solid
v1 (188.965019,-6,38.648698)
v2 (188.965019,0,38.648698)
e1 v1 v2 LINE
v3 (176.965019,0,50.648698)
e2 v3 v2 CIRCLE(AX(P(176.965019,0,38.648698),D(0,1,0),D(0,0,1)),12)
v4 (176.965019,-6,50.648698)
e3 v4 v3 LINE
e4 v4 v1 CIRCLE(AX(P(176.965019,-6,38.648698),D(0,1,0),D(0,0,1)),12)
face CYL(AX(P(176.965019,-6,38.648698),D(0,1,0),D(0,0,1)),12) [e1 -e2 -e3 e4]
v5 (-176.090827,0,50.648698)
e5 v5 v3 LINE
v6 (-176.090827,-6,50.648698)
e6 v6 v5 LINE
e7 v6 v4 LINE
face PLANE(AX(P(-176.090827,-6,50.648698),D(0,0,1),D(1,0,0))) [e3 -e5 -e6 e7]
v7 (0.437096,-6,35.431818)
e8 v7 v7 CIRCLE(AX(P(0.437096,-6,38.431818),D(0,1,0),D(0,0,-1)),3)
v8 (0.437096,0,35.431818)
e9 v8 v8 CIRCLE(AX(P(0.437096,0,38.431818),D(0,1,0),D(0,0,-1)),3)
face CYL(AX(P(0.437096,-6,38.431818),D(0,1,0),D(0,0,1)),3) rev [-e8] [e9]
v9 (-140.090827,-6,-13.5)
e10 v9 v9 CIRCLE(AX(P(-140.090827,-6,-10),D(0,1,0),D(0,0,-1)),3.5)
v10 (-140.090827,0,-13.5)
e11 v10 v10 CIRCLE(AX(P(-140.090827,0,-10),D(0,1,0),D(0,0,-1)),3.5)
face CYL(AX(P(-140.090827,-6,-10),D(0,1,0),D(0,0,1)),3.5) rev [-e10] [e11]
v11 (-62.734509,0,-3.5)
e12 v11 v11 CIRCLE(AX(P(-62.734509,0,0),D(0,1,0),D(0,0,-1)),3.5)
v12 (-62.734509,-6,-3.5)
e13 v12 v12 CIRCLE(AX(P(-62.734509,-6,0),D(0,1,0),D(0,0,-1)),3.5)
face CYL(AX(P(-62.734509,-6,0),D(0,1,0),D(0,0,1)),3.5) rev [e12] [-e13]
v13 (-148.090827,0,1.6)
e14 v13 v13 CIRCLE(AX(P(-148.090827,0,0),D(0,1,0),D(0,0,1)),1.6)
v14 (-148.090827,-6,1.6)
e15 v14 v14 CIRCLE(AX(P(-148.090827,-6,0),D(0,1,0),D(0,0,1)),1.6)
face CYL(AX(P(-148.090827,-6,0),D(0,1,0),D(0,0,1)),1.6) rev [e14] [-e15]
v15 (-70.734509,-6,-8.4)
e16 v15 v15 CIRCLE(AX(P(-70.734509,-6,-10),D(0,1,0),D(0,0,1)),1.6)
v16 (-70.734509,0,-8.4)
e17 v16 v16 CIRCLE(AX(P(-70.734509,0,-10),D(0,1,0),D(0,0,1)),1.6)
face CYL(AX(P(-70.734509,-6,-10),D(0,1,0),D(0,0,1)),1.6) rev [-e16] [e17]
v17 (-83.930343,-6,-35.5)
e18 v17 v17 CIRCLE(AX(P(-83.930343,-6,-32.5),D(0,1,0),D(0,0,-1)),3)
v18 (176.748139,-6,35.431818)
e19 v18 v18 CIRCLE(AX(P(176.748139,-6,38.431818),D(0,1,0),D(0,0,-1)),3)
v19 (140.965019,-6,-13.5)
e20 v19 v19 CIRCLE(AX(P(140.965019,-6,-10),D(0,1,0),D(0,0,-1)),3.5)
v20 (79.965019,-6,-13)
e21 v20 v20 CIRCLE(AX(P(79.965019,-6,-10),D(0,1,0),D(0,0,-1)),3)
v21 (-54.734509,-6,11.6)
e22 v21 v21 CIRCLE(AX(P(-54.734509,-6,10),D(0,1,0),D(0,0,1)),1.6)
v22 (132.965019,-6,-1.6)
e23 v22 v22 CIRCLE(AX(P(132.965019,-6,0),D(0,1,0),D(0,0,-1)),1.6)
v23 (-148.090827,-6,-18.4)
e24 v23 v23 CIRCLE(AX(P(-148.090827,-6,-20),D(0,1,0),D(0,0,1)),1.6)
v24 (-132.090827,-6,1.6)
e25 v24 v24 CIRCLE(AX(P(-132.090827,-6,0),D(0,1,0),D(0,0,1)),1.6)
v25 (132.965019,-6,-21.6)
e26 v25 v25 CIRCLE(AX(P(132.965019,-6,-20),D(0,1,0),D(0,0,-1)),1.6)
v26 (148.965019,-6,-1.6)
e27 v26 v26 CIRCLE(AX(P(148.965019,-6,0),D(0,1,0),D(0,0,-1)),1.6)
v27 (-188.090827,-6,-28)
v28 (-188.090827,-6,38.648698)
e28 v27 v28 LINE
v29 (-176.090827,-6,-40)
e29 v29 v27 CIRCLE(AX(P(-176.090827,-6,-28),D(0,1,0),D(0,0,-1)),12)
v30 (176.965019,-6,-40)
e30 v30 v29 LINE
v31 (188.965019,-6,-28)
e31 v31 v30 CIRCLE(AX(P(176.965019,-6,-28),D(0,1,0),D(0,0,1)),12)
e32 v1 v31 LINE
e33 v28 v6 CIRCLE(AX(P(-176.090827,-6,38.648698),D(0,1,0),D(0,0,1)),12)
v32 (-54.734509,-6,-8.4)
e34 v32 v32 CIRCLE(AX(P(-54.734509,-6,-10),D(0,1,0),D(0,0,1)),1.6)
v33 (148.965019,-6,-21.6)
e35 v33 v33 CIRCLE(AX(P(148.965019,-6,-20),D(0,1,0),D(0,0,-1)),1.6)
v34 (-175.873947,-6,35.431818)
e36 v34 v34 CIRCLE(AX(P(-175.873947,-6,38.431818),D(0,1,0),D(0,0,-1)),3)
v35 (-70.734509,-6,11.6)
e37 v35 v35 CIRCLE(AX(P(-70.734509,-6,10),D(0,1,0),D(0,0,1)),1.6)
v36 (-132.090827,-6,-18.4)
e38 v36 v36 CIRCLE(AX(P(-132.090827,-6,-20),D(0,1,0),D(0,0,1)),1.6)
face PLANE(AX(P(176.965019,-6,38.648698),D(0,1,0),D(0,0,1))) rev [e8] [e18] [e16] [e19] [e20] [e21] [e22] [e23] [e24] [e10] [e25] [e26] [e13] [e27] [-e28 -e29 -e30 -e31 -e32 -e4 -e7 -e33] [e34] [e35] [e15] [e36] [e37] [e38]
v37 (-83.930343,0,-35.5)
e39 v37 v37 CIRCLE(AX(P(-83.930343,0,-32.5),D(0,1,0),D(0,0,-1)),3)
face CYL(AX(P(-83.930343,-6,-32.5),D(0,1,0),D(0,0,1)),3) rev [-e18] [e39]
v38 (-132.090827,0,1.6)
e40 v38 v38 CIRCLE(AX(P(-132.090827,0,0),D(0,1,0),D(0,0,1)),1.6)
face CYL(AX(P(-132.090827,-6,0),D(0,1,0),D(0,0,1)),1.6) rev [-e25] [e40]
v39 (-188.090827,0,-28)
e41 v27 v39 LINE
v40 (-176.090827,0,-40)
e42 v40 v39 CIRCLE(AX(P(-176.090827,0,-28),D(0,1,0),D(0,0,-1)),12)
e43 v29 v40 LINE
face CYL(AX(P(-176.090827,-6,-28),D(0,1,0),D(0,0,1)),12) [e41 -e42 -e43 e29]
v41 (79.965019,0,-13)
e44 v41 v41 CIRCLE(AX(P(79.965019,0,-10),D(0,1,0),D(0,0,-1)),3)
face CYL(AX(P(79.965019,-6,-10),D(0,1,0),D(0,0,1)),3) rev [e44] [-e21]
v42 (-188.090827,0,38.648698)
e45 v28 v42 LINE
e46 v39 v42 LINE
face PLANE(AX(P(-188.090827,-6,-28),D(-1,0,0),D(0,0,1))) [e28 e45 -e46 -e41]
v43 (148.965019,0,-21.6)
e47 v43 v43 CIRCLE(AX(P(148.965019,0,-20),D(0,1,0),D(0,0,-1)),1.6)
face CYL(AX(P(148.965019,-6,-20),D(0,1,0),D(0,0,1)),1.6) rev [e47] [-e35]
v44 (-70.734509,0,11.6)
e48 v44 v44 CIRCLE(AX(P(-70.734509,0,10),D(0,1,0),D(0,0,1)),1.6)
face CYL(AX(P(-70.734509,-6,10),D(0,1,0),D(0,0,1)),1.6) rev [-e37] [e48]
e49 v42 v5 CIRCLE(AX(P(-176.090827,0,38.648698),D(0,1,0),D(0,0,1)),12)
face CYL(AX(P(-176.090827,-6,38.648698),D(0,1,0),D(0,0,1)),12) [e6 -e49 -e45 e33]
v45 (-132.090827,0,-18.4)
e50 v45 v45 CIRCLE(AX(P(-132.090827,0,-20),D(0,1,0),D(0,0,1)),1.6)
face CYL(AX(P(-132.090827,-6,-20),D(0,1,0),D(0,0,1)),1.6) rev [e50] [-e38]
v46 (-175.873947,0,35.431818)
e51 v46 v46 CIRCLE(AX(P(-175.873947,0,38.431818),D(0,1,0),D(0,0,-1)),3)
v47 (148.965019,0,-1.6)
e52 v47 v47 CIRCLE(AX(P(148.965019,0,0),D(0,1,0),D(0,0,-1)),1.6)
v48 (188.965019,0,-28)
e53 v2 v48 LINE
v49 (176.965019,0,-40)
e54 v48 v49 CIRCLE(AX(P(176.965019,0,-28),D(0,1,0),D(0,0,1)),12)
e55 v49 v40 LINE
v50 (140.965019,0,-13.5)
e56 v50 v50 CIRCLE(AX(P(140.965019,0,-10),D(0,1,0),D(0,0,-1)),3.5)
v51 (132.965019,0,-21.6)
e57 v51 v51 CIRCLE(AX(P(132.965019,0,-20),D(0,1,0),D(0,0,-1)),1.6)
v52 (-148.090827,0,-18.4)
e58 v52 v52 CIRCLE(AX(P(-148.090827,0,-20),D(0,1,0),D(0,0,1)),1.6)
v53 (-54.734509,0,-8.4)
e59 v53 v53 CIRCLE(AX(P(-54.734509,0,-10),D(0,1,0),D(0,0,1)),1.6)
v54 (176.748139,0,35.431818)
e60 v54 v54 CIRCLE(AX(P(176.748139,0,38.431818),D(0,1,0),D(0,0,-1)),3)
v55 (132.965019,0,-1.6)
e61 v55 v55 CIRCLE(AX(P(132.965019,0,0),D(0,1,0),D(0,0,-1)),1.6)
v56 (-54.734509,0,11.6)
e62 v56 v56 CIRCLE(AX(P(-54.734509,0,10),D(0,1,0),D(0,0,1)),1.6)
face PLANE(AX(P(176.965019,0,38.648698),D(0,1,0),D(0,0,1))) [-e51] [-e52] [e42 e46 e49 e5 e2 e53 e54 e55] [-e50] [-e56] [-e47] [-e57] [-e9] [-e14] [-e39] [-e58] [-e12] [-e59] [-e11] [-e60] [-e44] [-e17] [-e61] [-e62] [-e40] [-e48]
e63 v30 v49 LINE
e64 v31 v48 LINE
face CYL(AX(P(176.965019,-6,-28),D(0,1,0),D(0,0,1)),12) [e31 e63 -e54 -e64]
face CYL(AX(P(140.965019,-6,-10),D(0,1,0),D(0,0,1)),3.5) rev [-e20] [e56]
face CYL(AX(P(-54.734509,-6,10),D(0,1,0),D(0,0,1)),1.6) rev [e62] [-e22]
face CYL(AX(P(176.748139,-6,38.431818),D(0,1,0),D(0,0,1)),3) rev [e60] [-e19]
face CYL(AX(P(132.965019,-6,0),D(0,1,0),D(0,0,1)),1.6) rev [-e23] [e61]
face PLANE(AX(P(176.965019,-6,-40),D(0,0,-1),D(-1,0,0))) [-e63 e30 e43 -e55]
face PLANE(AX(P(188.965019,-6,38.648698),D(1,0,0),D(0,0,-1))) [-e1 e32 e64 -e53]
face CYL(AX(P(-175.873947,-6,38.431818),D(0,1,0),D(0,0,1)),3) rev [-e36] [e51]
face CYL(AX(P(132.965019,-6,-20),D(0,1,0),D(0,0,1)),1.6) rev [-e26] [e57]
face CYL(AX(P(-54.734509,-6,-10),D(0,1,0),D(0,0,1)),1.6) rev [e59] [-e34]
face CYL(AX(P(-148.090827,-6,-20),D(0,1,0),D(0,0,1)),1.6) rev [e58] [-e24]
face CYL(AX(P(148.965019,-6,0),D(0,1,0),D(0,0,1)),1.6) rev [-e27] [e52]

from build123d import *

# Parameters (mm, degrees)
ESBO_O1_R                = 3.5
ESBO_O1_R_2              = 3
ESBO_O1_R_3              = 1.6
RESSALTO_EXTRUS_O1_DEPTH = 6


with BuildPart() as part:
    # Esboço1 → Ressalto-extrusão1 (new body)
    with BuildSketch(Plane(origin=(0, 0, 0), x_dir=(1, 0, 0), z_dir=(0, 1, 0))):
        with BuildLine():
            Line((188.965018959, -38.648697641), (188.965018959, 28))
            ThreePointArc((188.965018959, 28), (185.450300333, 36.485281374), (176.965018959, 40))
            Line((176.965018959, 40), (-176.090826953, 40))
            ThreePointArc((-176.090826953, 40), (-184.576108327, 36.485281374), (-188.090826953, 28))
            Line((-188.090826953, 28), (-188.090826953, -38.648697641))
            ThreePointArc((-188.090826953, -38.648697641), (-184.576108327, -47.133979015), (-176.090826953, -50.648697641))
            Line((-176.090826953, -50.648697641), (176.965018959, -50.648697641))
            ThreePointArc((176.965018959, -50.648697641), (185.450300333, -47.133979015), (188.965018959, -38.648697641))
        make_face()
        with Locations(Location((-62.734509176, 0, 0), (0, 0, 90))):
            Circle(ESBO_O1_R, mode=Mode.SUBTRACT)
        with Locations(Location((176.748138959, -38.431817641, 0), (0, 0, 90))):
            Circle(ESBO_O1_R_2, mode=Mode.SUBTRACT)
        with Locations(Location((0.437096003, -38.431817641, 0), (0, 0, 90))):
            Circle(ESBO_O1_R_2, mode=Mode.SUBTRACT)
        with Locations(Location((79.965018959, 10, 0), (0, 0, 90))):
            Circle(ESBO_O1_R_2, mode=Mode.SUBTRACT)
        with Locations(Location((-140.090826953, 10, 0), (0, 0, 90))):
            Circle(ESBO_O1_R, mode=Mode.SUBTRACT)
        with Locations(Location((-148.090826953, 0, 0), (0, 0, 270))):
            Circle(ESBO_O1_R_3, mode=Mode.SUBTRACT)
        with Locations(Location((-132.090826953, 0, 0), (0, 0, 270))):
            Circle(ESBO_O1_R_3, mode=Mode.SUBTRACT)
        with Locations(Location((-132.090826953, 20, 0), (0, 0, 270))):
            Circle(ESBO_O1_R_3, mode=Mode.SUBTRACT)
        with Locations(Location((-148.090826953, 20, 0), (0, 0, 270))):
            Circle(ESBO_O1_R_3, mode=Mode.SUBTRACT)
        with Locations(Location((-70.734509176, -10, 0), (0, 0, 270))):
            Circle(ESBO_O1_R_3, mode=Mode.SUBTRACT)
        with Locations(Location((-70.734509176, 10, 0), (0, 0, 270))):
            Circle(ESBO_O1_R_3, mode=Mode.SUBTRACT)
        with Locations(Location((-54.734509176, 10, 0), (0, 0, 270))):
            Circle(ESBO_O1_R_3, mode=Mode.SUBTRACT)
        with Locations(Location((-54.734509176, -10, 0), (0, 0, 270))):
            Circle(ESBO_O1_R_3, mode=Mode.SUBTRACT)
        with Locations(Location((-83.930342624, 32.5, 0), (0, 0, 90))):
            Circle(ESBO_O1_R_2, mode=Mode.SUBTRACT)
        with Locations(Location((-175.873946953, -38.431817641, 0), (0, 0, 90))):
            Circle(ESBO_O1_R_2, mode=Mode.SUBTRACT)
        with Locations(Location((140.965018959, 10, 0), (0, 0, 90))):
            Circle(ESBO_O1_R, mode=Mode.SUBTRACT)
        with Locations(Location((148.965018959, 0, 0), (0, 0, 90))):
            Circle(ESBO_O1_R_3, mode=Mode.SUBTRACT)
        with Locations(Location((148.965018959, 20, 0), (0, 0, 90))):
            Circle(ESBO_O1_R_3, mode=Mode.SUBTRACT)
        with Locations(Location((132.965018959, 0, 0), (0, 0, 90))):
            Circle(ESBO_O1_R_3, mode=Mode.SUBTRACT)
        with Locations(Location((132.965018959, 20, 0), (0, 0, 90))):
            Circle(ESBO_O1_R_3, mode=Mode.SUBTRACT)
    extrude(amount=-RESSALTO_EXTRUS_O1_DEPTH)


solid = part.part
